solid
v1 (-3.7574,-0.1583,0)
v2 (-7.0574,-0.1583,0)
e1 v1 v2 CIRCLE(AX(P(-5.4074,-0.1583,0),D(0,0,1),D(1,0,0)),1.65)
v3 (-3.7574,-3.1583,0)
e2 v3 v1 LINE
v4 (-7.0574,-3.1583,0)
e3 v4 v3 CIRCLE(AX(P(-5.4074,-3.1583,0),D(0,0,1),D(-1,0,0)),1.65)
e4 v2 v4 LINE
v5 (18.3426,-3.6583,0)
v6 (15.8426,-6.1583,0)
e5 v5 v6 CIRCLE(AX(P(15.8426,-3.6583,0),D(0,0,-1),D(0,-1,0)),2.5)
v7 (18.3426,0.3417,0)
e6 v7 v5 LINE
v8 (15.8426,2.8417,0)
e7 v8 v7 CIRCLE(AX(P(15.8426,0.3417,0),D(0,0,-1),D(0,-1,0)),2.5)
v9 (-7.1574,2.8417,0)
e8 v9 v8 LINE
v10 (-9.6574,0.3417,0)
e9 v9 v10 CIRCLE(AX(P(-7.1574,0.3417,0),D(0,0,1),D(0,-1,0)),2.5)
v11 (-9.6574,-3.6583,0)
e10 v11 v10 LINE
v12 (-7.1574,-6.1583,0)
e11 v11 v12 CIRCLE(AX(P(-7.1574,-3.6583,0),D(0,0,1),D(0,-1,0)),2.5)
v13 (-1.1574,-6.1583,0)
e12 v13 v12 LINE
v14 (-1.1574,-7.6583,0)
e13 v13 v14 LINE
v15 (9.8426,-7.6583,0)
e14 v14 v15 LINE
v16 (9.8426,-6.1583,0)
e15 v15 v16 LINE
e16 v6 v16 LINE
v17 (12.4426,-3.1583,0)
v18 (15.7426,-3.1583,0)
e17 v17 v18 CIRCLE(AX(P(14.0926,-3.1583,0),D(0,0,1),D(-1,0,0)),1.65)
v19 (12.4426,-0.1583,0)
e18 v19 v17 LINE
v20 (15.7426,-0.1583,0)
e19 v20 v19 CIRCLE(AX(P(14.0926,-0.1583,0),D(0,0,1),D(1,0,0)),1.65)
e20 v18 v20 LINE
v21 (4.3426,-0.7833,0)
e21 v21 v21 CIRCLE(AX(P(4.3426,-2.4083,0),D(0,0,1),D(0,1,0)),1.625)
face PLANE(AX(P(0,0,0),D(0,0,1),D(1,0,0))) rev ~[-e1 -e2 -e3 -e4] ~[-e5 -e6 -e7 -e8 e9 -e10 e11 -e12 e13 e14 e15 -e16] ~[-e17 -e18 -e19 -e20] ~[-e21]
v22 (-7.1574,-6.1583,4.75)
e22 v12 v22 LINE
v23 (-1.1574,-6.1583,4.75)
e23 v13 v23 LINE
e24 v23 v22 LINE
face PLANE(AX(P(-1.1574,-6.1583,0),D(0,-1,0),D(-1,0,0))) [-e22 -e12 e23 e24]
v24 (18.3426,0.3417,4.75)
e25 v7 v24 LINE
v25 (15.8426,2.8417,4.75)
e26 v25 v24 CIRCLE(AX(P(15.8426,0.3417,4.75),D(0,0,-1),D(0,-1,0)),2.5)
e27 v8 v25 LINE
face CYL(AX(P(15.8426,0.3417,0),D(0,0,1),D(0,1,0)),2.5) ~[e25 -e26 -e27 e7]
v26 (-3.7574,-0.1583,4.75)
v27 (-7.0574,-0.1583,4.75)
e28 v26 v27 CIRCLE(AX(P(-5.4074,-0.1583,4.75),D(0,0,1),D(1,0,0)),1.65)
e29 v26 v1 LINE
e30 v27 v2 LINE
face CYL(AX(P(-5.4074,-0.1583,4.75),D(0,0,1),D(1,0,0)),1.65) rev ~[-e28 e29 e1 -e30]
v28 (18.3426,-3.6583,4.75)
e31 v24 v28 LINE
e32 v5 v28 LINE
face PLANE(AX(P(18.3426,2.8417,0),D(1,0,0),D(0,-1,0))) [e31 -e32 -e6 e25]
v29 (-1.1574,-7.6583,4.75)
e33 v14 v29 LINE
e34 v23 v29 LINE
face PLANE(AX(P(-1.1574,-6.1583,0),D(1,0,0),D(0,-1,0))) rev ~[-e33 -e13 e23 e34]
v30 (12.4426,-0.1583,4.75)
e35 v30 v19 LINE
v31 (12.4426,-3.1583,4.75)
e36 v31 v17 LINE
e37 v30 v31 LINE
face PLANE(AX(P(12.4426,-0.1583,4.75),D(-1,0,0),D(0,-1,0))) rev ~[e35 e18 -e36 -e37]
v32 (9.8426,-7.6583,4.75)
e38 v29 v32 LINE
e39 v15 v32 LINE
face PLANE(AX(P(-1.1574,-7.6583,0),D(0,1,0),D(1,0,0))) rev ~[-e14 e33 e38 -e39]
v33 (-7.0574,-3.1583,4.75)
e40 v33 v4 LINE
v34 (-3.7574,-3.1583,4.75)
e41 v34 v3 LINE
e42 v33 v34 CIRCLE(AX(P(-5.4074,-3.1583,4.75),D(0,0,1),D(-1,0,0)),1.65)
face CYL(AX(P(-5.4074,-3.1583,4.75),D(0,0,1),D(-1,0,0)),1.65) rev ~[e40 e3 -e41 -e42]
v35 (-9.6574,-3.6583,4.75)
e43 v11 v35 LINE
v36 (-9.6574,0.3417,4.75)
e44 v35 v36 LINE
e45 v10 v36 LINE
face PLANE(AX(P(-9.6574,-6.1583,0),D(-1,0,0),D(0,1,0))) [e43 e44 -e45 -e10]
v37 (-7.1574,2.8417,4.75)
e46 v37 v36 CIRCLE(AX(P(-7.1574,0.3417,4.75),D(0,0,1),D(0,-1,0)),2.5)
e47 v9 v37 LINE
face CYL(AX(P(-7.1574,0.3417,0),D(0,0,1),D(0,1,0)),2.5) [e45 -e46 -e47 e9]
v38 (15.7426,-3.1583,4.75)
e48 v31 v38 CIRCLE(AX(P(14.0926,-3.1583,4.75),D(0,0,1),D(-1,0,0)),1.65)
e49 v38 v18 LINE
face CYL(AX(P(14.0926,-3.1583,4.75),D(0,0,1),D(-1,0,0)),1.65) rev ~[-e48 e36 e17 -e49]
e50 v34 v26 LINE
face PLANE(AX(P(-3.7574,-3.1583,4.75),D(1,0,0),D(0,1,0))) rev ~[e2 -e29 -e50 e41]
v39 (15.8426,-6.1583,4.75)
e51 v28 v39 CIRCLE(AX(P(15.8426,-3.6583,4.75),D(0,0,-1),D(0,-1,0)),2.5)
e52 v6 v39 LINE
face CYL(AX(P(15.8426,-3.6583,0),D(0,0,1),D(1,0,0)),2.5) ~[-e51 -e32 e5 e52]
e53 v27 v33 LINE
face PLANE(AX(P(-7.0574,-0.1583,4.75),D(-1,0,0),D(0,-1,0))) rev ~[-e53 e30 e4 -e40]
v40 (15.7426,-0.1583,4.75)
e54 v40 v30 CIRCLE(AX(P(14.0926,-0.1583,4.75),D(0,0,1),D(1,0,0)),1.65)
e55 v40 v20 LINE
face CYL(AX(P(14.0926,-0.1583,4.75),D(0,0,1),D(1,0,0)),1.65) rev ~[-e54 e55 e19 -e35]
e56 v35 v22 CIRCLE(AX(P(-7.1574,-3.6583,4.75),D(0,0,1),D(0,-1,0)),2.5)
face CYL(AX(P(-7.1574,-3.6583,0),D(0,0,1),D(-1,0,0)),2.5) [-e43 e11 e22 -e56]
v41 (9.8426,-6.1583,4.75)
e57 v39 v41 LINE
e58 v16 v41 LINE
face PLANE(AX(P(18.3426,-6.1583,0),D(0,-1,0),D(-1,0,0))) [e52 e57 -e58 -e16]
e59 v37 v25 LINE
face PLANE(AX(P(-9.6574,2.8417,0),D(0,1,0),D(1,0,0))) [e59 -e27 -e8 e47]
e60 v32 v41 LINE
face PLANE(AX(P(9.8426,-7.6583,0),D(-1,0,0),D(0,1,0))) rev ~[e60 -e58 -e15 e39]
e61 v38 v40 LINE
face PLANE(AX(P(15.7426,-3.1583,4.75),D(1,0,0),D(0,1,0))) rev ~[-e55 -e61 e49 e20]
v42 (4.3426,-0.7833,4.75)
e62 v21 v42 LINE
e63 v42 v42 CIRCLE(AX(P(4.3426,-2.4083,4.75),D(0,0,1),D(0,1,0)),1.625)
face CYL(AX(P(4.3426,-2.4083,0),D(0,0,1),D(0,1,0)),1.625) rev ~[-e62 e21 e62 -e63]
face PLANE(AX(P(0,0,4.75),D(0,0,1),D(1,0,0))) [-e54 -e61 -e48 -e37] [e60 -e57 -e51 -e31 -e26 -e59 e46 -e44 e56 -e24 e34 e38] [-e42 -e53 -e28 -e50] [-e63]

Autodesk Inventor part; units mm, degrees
ref_plane "YZ Plane" through (0, 0, 0) normal (1, 0, 0) x (0, 1, 0)
ref_plane "XZ Plane" through (0, 0, 0) normal (0, 1, 0) x (-1, 0, 0)
ref_plane "XY Plane" through (0, 0, 0) normal (0, 0, 1) x (1, 0, 0)
sketch "Szkic1" plane through (0, 0, 0) normal (0, 0, 1) x (1, 0, 0)
  line L0 (-9.6574, 2.8417) -> (18.3426, 2.8417)
  line L1 (18.3426, 2.8417) -> (18.3426, -6.1583)
  line L2 (18.3426, -6.1583) -> (-9.6574, -6.1583)
  line L3 (-9.6574, -6.1583) -> (-9.6574, 2.8417)
  line L4 (-1.1574, -6.1583) -> (-1.1574, -7.6583)
  line L5 (-1.1574, -7.6583) -> (9.8426, -7.6583)
  line L6 (9.8426, -7.6583) -> (9.8426, -6.1583)
  point P0 (0, 0)
  point P1 (4.3426, -2.4083)
  dimension "d0" = 28
  dimension "d1" = 9
  dimension "d2" = 1.5
  dimension "d3" = 11
  dimension "d4" = 8.5
  dimension "d20" = 14
  dimension "d21" = 10.5
  dimension "d22" = 5.25
extrude "Wyciągnięcie proste1" add sketch "Szkic1" along normal blind 4.75
sketch "Szkic2" plane through (0, 0, 4.75) normal (0, 0, 1) x (1, 0, 0)
  line L0 (-9.6574, -6.1583) -> (-1.1574, -6.1583) projected
  line L1 (9.8426, -6.1583) -> (18.3426, -6.1583) projected
  line L2 (18.3426, 2.8417) -> (-9.6574, 2.8417) projected
  line L3 (-9.6574, 2.8417) -> (-9.6574, -6.1583) projected
  line L4 (18.3426, -6.1583) -> (18.3426, 2.8417) projected
  line L5 (14.0926, -3.1583) -> (14.0926, -0.1583) construction
  line L6 (15.7426, -3.1583) -> (15.7426, -0.1583)
  line L7 (12.4426, -0.1583) -> (12.4426, -3.1583)
  arc A0 (12.4426, -3.1583) -> (15.7426, -3.1583) centre (14.0926, -3.1583) ccw
  arc A1 (15.7426, -0.1583) -> (12.4426, -0.1583) centre (14.0926, -0.1583) ccw
  line L8 (-5.4074, -3.1583) -> (-5.4074, -0.1583) construction
  line L9 (-3.7574, -3.1583) -> (-3.7574, -0.1583)
  line L10 (-7.0574, -0.1583) -> (-7.0574, -3.1583)
  arc A2 (-7.0574, -3.1583) -> (-3.7574, -3.1583) centre (-5.4074, -3.1583) ccw
  arc A3 (-3.7574, -0.1583) -> (-7.0574, -0.1583) centre (-5.4074, -0.1583) ccw
  point P0 (0, 0)
  point P1 (-5.4074, -1.6583)
  point P2 (14.0926, -1.6583)
  dimension "d7" = 4.5
  dimension "d8" = 4.5
  dimension "d9" = 9
  dimension "d10" = 8.5
  dimension "d11" = 4.25
  dimension "d12" = 4.25
  dimension "d13" = 1.5
  dimension "d14" = 3.3
  dimension "d15" = 1.5
  dimension "d16" = 3.3
extrude "Wyciągnięcie proste2" cut sketch "Szkic2" against normal blind 10
fillet "Zaokrąglenie1" radius 2.5 4 edges at (-9.6574, 2.8417, 2.375) (-9.6574, -6.1583, 2.375) (18.3426, -6.1583, 2.375) (18.3426, 2.8417, 2.375)
hole "Otwór1" at (4.3426, -2.4083, 0) direction (0, 0, 1) diameter 3.25 end through all
equation "\"d4\" = -0.5 * d3 + 0.5 * d0"
equation "\"d20\" = 0.5 * d0"
equation "\"d22\" = 0.5 * d21"
equation "\"d7\" = 0.5 * d9"
equation "\"d8\" = d7"
equation "\"d11\" = 0.5 * d10"
equation "\"d12\" = d11"
properties part number "3DP_ABS_Extruder_Tensioning_Arm_Screw_Mount"
